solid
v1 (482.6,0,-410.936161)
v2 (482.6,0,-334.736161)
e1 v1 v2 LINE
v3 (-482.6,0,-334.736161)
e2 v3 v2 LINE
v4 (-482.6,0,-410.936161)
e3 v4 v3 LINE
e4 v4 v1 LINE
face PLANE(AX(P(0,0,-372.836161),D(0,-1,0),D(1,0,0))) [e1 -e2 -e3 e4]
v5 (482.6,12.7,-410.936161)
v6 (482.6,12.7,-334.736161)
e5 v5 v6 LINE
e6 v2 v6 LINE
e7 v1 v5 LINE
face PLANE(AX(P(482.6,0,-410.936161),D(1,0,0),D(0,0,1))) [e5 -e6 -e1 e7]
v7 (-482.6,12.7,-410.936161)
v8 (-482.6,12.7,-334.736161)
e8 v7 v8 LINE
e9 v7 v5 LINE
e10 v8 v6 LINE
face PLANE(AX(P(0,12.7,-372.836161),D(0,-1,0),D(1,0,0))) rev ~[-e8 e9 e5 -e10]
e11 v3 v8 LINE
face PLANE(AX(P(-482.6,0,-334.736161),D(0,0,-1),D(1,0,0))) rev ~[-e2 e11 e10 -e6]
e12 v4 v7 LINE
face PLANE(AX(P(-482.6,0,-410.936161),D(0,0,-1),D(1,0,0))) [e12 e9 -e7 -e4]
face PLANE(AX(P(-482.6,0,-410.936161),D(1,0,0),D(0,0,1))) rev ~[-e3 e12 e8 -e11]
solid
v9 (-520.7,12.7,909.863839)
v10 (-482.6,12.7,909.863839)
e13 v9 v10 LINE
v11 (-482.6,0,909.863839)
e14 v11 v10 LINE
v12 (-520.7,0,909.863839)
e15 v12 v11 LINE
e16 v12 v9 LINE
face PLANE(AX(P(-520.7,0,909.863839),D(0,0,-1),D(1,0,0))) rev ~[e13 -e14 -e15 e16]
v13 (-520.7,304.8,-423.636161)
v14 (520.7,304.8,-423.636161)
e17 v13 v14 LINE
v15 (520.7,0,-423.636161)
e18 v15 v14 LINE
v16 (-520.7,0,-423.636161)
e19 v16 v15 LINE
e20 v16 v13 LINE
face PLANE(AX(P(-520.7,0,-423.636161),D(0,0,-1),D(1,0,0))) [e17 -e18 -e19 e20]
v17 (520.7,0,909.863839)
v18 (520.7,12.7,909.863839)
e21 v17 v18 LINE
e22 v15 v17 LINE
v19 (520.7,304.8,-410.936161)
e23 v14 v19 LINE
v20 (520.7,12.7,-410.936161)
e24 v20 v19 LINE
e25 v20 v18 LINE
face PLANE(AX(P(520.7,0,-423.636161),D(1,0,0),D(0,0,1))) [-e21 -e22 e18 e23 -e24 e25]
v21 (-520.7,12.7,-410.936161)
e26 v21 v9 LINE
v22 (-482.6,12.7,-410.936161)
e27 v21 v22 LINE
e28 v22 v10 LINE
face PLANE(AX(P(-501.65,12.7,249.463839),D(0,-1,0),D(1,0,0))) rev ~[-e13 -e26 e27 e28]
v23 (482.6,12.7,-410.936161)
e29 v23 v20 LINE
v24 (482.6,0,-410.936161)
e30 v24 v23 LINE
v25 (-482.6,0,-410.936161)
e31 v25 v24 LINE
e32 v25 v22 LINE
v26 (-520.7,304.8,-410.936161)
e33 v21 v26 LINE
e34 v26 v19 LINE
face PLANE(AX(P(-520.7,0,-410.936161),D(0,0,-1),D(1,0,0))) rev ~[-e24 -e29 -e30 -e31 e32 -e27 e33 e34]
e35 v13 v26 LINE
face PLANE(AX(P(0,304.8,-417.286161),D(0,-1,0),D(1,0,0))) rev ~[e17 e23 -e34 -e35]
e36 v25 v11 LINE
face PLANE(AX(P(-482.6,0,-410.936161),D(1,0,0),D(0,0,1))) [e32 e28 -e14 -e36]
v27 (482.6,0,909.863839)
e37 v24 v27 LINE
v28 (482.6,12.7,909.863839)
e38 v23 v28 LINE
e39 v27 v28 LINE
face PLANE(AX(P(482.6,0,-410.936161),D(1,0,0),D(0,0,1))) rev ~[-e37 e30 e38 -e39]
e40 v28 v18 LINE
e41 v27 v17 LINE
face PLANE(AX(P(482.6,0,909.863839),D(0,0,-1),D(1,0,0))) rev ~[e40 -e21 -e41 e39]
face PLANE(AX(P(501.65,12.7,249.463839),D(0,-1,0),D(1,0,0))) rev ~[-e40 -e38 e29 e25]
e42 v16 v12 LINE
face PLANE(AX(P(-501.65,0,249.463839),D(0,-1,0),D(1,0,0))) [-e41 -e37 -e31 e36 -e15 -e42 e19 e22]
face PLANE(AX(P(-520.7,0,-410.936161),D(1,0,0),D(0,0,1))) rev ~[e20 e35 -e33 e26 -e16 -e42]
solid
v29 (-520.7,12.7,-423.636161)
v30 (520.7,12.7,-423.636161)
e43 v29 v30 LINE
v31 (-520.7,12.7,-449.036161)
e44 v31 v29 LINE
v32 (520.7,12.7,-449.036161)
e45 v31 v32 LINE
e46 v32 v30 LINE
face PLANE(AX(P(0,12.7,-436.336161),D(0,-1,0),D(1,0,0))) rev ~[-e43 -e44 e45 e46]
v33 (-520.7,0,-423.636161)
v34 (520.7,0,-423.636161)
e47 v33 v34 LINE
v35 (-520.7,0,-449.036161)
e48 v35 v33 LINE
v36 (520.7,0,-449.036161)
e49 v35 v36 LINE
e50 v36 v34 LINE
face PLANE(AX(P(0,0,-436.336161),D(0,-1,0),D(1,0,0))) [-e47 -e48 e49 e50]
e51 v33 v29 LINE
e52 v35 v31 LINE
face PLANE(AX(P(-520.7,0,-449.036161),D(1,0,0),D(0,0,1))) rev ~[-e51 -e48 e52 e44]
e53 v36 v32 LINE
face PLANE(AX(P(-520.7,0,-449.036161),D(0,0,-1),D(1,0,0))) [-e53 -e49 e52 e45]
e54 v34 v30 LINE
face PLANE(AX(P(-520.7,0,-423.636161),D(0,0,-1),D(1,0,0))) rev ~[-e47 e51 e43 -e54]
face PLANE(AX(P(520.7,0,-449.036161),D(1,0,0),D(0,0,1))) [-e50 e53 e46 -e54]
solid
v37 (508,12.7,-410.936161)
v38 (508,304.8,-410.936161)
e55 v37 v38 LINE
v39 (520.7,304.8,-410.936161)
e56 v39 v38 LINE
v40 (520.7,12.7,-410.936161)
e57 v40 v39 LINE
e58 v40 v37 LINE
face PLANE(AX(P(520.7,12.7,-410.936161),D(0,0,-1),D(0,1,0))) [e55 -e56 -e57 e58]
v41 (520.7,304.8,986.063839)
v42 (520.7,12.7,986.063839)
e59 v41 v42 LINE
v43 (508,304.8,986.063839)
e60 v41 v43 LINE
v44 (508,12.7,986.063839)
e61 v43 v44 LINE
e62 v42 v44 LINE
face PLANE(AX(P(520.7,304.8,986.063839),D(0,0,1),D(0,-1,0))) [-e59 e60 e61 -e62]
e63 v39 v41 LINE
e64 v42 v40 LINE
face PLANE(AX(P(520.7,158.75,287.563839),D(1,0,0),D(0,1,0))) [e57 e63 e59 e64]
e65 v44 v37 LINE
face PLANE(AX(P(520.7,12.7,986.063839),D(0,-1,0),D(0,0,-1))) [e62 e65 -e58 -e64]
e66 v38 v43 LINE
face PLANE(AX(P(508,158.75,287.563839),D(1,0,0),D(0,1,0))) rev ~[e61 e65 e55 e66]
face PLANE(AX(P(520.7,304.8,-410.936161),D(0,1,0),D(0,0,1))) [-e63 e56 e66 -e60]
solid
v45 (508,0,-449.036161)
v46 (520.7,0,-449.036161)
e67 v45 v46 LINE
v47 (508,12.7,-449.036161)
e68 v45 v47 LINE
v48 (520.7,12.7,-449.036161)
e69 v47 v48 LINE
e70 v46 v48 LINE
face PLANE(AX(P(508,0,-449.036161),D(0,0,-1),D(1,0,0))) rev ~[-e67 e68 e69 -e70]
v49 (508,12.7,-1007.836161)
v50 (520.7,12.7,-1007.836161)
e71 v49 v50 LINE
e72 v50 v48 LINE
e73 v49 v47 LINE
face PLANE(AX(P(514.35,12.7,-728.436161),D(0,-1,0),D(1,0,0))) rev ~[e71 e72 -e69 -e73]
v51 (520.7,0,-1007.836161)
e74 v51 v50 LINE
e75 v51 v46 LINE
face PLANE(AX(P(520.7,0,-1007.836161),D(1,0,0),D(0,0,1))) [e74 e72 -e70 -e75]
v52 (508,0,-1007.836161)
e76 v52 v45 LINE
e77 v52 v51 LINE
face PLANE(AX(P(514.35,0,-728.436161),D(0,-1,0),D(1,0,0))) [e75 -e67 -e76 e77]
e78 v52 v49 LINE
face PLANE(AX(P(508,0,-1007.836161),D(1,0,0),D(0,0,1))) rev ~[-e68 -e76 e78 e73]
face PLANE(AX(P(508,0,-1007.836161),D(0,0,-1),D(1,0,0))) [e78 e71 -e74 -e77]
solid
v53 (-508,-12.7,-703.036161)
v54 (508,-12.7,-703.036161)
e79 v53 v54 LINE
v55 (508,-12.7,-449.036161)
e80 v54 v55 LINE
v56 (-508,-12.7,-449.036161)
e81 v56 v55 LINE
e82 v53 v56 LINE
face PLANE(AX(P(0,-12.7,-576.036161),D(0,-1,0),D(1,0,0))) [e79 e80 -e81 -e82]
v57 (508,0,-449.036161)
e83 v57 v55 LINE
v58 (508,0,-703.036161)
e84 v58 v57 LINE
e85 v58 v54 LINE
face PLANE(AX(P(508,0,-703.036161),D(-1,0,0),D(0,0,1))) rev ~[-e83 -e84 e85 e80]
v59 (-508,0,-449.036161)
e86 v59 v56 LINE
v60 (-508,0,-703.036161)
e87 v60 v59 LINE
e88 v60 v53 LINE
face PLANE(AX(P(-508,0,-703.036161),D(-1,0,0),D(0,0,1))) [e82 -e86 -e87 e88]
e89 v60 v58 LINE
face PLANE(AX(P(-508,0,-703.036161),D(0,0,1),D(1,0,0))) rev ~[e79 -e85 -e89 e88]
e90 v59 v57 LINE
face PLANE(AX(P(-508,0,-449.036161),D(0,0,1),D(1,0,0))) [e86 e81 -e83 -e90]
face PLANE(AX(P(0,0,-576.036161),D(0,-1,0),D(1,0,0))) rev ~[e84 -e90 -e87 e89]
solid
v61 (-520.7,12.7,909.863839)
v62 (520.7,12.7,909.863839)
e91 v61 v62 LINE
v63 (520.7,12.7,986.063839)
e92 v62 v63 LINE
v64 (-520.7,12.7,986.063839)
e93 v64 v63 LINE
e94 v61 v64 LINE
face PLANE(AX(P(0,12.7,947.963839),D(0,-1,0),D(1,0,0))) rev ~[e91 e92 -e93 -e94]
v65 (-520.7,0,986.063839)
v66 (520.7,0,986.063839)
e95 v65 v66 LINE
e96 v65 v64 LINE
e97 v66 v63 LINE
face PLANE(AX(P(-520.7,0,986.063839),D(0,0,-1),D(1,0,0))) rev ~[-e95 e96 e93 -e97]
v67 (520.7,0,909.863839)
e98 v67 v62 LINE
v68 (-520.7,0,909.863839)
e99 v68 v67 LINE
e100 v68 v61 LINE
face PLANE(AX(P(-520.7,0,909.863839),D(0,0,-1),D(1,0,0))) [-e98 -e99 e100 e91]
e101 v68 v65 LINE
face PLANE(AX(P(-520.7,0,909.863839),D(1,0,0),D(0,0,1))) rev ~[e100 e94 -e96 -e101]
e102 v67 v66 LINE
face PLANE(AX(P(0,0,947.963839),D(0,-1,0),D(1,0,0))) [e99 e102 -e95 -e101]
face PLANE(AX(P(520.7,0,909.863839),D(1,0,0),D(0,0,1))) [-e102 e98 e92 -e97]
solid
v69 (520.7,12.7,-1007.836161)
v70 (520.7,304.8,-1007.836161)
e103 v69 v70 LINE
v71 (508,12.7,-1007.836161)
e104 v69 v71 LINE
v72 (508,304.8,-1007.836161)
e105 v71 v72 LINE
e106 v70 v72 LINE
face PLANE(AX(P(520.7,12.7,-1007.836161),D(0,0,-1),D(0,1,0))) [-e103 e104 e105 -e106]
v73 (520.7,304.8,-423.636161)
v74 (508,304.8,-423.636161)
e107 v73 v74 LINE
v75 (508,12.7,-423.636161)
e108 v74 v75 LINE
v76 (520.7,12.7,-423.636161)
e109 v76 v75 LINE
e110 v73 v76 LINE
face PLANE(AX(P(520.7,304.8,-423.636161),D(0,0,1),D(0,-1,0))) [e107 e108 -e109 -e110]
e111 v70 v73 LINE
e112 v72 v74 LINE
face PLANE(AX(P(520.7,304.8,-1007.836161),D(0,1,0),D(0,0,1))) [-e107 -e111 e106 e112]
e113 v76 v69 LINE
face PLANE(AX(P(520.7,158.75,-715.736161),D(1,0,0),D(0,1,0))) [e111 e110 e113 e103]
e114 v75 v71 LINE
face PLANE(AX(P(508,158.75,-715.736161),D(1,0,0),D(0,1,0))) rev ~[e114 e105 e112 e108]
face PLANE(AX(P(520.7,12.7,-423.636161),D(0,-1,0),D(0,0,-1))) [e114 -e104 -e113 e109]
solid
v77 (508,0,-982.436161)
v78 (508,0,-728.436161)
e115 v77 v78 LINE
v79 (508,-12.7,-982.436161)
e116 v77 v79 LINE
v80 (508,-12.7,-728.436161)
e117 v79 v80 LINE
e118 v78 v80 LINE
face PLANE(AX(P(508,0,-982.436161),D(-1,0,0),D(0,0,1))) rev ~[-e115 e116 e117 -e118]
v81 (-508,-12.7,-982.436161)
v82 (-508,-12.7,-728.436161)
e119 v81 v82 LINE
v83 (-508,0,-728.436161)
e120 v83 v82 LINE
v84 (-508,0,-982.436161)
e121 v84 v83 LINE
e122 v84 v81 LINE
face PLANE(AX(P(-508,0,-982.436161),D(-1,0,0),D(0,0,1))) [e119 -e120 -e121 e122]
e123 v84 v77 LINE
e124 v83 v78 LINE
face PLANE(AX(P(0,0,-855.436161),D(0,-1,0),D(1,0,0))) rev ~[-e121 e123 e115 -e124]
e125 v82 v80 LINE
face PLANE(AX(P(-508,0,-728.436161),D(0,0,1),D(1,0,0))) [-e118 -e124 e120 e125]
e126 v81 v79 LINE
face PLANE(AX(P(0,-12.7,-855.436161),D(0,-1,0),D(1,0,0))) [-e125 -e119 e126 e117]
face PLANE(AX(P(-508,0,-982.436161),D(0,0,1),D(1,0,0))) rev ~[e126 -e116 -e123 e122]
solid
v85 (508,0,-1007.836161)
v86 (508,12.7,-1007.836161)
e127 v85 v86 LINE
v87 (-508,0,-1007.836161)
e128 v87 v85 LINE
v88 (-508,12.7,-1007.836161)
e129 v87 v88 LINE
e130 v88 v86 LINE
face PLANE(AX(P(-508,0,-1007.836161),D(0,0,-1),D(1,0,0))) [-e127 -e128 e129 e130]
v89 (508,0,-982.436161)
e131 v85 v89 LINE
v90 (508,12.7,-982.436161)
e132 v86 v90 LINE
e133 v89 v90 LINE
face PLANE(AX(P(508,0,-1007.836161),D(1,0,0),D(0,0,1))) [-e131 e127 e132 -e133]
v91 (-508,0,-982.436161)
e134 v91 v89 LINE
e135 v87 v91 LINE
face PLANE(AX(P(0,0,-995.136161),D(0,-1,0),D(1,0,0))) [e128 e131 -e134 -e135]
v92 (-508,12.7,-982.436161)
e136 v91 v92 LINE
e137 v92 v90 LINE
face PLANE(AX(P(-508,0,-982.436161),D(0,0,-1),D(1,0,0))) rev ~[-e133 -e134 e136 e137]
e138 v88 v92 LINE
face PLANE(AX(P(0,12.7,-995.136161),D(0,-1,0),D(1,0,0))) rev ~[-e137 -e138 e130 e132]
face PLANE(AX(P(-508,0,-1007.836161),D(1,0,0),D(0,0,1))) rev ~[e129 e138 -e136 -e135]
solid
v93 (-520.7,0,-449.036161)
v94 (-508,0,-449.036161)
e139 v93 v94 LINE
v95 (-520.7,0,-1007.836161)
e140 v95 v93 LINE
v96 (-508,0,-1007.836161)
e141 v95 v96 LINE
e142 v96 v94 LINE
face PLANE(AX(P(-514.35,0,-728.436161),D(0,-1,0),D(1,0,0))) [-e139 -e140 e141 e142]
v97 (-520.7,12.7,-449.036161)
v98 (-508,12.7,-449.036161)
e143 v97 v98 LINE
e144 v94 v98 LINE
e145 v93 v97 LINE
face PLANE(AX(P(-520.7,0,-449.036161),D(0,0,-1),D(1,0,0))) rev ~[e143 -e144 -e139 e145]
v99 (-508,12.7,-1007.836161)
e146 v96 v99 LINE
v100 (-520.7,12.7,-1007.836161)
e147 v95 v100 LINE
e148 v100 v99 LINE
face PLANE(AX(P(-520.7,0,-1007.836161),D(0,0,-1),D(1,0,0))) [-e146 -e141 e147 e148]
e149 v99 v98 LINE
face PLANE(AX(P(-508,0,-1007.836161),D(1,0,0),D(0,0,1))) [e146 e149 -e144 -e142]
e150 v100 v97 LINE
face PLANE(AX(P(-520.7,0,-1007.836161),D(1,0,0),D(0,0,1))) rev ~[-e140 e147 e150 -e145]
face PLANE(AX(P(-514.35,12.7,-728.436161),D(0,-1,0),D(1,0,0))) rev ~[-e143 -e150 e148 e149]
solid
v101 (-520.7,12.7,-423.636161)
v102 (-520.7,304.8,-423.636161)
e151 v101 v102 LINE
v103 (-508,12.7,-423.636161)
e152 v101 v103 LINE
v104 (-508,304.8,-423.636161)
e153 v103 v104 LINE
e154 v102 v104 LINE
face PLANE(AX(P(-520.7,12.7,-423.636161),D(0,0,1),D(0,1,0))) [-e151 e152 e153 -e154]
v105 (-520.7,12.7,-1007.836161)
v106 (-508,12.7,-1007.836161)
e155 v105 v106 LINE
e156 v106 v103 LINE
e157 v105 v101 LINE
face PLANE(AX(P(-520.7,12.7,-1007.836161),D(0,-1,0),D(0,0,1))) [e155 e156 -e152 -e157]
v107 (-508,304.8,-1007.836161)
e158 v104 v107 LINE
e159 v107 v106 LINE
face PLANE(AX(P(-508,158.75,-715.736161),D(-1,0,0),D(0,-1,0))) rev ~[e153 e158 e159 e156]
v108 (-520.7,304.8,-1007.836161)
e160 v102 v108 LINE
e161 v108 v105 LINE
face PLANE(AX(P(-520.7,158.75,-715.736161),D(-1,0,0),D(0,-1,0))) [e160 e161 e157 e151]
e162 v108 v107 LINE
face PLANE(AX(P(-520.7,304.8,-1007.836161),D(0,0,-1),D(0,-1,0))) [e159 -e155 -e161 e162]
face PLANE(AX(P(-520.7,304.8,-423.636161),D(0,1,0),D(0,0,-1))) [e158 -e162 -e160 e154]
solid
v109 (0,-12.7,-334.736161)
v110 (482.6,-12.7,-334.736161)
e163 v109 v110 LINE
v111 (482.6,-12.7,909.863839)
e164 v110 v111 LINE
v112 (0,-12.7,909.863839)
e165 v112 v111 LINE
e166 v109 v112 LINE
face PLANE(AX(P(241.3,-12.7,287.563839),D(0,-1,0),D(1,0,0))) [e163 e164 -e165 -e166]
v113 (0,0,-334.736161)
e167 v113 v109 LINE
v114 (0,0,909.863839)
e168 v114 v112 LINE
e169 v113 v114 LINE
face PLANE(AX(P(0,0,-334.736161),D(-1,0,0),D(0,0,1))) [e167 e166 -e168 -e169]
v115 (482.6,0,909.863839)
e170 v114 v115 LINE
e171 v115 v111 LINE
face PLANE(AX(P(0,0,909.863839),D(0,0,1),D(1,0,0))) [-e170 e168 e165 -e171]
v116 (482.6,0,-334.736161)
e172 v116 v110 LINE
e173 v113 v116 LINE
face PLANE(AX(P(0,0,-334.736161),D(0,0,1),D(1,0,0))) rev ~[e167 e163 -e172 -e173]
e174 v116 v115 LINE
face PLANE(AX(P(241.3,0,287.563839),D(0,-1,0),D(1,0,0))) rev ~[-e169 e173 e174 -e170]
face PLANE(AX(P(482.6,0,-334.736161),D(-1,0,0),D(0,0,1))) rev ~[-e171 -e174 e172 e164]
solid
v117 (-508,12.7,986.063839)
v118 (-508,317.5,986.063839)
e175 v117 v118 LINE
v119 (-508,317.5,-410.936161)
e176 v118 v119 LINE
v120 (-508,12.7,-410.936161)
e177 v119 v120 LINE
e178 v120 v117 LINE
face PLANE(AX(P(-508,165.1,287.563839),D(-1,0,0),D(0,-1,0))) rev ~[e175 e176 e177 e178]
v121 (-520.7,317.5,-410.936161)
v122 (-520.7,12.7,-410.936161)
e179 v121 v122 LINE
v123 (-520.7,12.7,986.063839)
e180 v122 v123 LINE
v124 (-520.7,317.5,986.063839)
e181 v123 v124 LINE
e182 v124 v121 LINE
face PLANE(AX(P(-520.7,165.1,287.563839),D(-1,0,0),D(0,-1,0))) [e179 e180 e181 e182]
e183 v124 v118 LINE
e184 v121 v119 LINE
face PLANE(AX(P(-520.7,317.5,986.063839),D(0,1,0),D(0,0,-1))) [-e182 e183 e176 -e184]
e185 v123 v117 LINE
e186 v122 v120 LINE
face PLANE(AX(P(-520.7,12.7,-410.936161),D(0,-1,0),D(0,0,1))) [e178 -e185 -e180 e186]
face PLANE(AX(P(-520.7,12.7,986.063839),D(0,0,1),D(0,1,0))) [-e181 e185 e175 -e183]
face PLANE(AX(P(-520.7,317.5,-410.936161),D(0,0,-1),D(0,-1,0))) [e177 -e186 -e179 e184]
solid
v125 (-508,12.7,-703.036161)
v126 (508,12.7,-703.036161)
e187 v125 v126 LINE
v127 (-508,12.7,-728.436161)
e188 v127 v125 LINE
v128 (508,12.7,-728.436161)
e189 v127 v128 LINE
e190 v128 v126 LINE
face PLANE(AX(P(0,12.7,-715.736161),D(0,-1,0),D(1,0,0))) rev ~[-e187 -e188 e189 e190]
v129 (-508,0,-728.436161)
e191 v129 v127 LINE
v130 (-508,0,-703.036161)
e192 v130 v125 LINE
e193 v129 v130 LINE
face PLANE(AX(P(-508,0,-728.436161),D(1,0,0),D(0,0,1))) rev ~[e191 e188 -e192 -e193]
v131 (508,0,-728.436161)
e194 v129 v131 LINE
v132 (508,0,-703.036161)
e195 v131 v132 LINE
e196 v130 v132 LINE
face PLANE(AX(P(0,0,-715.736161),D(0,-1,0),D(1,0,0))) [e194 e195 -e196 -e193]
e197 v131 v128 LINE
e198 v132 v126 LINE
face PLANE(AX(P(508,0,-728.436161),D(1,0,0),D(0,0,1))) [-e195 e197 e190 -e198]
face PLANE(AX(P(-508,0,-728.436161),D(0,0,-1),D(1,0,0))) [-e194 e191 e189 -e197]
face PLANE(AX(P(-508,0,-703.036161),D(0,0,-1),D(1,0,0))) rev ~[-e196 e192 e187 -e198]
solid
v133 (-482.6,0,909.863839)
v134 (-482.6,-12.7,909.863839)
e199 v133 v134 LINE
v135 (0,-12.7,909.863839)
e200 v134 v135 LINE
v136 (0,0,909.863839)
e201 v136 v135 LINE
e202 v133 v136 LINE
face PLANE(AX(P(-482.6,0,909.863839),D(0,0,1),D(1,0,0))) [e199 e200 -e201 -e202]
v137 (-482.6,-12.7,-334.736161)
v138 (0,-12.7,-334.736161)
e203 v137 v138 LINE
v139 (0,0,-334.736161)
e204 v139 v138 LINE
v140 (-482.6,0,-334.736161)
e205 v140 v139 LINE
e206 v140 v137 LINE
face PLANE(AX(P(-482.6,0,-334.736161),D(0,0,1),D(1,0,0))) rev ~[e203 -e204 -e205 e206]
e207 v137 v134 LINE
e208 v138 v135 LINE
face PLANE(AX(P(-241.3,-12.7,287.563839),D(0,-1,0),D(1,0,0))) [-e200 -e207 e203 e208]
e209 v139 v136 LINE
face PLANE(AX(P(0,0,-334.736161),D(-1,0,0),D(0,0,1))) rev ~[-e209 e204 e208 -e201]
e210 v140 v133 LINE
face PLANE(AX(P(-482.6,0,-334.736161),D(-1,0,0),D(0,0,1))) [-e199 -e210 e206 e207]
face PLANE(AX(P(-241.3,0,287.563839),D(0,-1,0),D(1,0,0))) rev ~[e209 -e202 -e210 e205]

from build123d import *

# Parameters (mm, degrees)
F0_W      = 482.6
F0_H      = 1244.6
F1_DEPTH  = 12.7
F2_W      = 1016
F2_H      = 330.2
F3_DEPTH  = 12.7
F4_W      = 254
F4_H      = 1016
F5_DEPTH  = 12.7
F15_W     = 1016
F15_H     = 254
F23_DEPTH = 12.7
F13_W     = 1016
F13_H     = 254
F18_W     = 482.6
F18_H     = 1244.6
F19_W     = 482.6
F19_H     = 1244.6
F10_W     = 1041.4
F10_H     = 25.4
F24_DEPTH = 12.7
F17_W     = 965.2
F17_H     = 76.2
F14_W     = 1016
F14_H     = 25.4
F16_W     = 1016
F16_H     = 25.4
F22_W     = 1041.4
F22_H     = 76.2
F25_DEPTH = 12.7
F9_W      = 1041.4
F9_H      = 12.7
F26_DEPTH = 304.8
F12_W     = 12.7
F12_H     = 558.8
F11_W     = 12.7
F11_H     = 558.8
F27_DEPTH = 12.7
F20_W     = 38.1
F20_H     = 1320.8
F21_W     = 38.1
F21_H     = 1320.8
F29_DEPTH = 12.7
F31_DEPTH = 12.7
F33_DEPTH = 12.7
F35_DEPTH = 12.7


with BuildPart() as f1:
    # F0 (on Front) → F1 (new body)
    with BuildSketch(Plane.XZ):
        with Locations((-241.3, 216.6910535211)):
            Rectangle(F0_W, F0_H)
    extrude(amount=F1_DEPTH)


with BuildPart() as f3:
    # F2 (on Front) → F3 (new body)
    with BuildSketch(Plane.XZ):
        with Locations((630.2524805069, -146.5007268127)):
            Rectangle(F2_W, F2_H)
    extrude(amount=F3_DEPTH)


with BuildPart() as f5:
    # F4 (on Front) → F5 (new body)
    with BuildSketch(Plane.XZ):
        with Locations((652.4603366852, 1200.6871450653)):
            Rectangle(F4_W, F4_H)
    extrude(amount=F5_DEPTH)


with BuildPart() as f23:
    # F15 (on Front) → F23 (new body)
    with BuildSketch(Plane.XZ):
        with Locations((0, -855.4361613412)):
            Rectangle(F15_W, F15_H)
    extrude(amount=F23_DEPTH)


with BuildPart() as f23b:
    # F13 (on Front) → F23, piece 2 (new body)
    with BuildSketch(Plane.XZ):
        with Locations((0, -576.0361613412)):
            Rectangle(F13_W, F13_H)
    extrude(amount=F23_DEPTH)


with BuildPart() as f23c:
    # F18 (on Front) → F23, piece 3 (new body)
    with BuildSketch(Plane.XZ):
        with Locations((-241.3, 287.5638386588)):
            Rectangle(F18_W, F18_H)
    extrude(amount=F23_DEPTH)


with BuildPart() as f23d:
    # F19 (on Front) → F23, piece 4 (new body)
    with BuildSketch(Plane.XZ):
        with Locations((241.3, 287.5638386588)):
            Rectangle(F19_W, F19_H)
    extrude(amount=F23_DEPTH)


with BuildPart() as f24:
    # F10 (on Front) → F24 (new body)
    with BuildSketch(Plane.XZ):
        with Locations((0, -436.3361613412)):
            Rectangle(F10_W, F10_H)
    extrude(amount=-F24_DEPTH)


with BuildPart() as f24b:
    # F17 (on Front) → F24, piece 2 (new body)
    with BuildSketch(Plane.XZ):
        with Locations((0, -372.8361613412)):
            Rectangle(F17_W, F17_H)
    extrude(amount=-F24_DEPTH)


with BuildPart() as f24c:
    # F14 (on Front) → F24, piece 3 (new body)
    with BuildSketch(Plane.XZ):
        with Locations((0, -715.7361613412)):
            Rectangle(F14_W, F14_H)
    extrude(amount=-F24_DEPTH)


with BuildPart() as f24d:
    # F16 (on Front) → F24, piece 4 (new body)
    with BuildSketch(Plane.XZ):
        with Locations((0, -995.1361613412)):
            Rectangle(F16_W, F16_H)
    extrude(amount=-F24_DEPTH)


with BuildPart() as f25:
    # F22 (on Front) → F25 (new body)
    with BuildSketch(Plane.XZ):
        with Locations((0, 947.9638386588)):
            Rectangle(F22_W, F22_H)
    extrude(amount=-F25_DEPTH)


with BuildPart() as f26:
    # F9 (on Front) → F26 (new body)
    with BuildSketch(Plane.XZ):
        with Locations((0, -417.2861613412)):
            Rectangle(F9_W, F9_H)
    extrude(amount=-F26_DEPTH)

    # F20 (on Front) + F21 (on Front) → F27, piece 2 (join)
    with BuildSketch(Plane.XZ):
        with Locations((-501.65, 249.4638386588)):
            Rectangle(F20_W, F20_H)
    with BuildSketch(Plane.XZ):
        with Locations((501.65, 249.4638386588)):
            Rectangle(F21_W, F21_H)
    extrude(amount=-F27_DEPTH)


with BuildPart() as f27:
    # F12 (on Front) + F11 (on Front) → F27 (new body)
    with BuildSketch(Plane.XZ):
        with Locations((514.35, -728.4361613412)):
            Rectangle(F12_W, F12_H)
    with BuildSketch(Plane.XZ):
        with Locations((-514.35, -728.4361613412)):
            Rectangle(F11_W, F11_H)
    extrude(amount=-F27_DEPTH)


with BuildPart() as f29:
    # F28 (on face) → F29 (new body)
    with BuildSketch(Plane.YZ.offset(520.7)):
        Polygon((304.8, -423.6361613412), (12.7, -423.6361613412), (12.7, -449.0361613412), (12.7, -1007.8361613412), (304.8, -1007.8361613412), align=None)
    extrude(amount=-F29_DEPTH)


with BuildPart() as f31:
    # F30 (on face) → F31 (new body)
    with BuildSketch(Plane(origin=(-520.7, 0, 0), x_dir=(0, -1, 0), z_dir=(-1, 0, 0))):
        Polygon((-12.7, -449.0361613412), (-12.7, -423.6361613412), (-304.8, -423.6361613412), (-304.8, -1007.8361613412), (-12.7, -1007.8361613412), align=None)
    extrude(amount=-F31_DEPTH)


with BuildPart() as f33:
    # F32 (on face) → F33 (new body)
    with BuildSketch(Plane(origin=(-520.7, 0, 0), x_dir=(0, -1, 0), z_dir=(-1, 0, 0))):
        Polygon((-12.7, 909.8638386588), (-12.7, 986.0638386588), (-317.5, 986.0638386588), (-317.5, -410.9361613412), (-12.7, -410.9361613412), align=None)
    extrude(amount=-F33_DEPTH)


with BuildPart() as f35:
    # F34 (on face) → F35 (new body)
    with BuildSketch(Plane.YZ.offset(520.7)):
        Polygon((304.8, 986.0638386588), (12.7, 986.0638386588), (12.7, 909.8638386588), (12.7, -410.9361613412), (304.8, -410.9361613412), align=None)
    extrude(amount=-F35_DEPTH)


solid = Compound([f23.part, f23b.part, f23c.part, f23d.part, f24.part, f24b.part, f24c.part, f24d.part, f25.part, f26.part, f27.part, f29.part, f31.part, f33.part, f35.part])
